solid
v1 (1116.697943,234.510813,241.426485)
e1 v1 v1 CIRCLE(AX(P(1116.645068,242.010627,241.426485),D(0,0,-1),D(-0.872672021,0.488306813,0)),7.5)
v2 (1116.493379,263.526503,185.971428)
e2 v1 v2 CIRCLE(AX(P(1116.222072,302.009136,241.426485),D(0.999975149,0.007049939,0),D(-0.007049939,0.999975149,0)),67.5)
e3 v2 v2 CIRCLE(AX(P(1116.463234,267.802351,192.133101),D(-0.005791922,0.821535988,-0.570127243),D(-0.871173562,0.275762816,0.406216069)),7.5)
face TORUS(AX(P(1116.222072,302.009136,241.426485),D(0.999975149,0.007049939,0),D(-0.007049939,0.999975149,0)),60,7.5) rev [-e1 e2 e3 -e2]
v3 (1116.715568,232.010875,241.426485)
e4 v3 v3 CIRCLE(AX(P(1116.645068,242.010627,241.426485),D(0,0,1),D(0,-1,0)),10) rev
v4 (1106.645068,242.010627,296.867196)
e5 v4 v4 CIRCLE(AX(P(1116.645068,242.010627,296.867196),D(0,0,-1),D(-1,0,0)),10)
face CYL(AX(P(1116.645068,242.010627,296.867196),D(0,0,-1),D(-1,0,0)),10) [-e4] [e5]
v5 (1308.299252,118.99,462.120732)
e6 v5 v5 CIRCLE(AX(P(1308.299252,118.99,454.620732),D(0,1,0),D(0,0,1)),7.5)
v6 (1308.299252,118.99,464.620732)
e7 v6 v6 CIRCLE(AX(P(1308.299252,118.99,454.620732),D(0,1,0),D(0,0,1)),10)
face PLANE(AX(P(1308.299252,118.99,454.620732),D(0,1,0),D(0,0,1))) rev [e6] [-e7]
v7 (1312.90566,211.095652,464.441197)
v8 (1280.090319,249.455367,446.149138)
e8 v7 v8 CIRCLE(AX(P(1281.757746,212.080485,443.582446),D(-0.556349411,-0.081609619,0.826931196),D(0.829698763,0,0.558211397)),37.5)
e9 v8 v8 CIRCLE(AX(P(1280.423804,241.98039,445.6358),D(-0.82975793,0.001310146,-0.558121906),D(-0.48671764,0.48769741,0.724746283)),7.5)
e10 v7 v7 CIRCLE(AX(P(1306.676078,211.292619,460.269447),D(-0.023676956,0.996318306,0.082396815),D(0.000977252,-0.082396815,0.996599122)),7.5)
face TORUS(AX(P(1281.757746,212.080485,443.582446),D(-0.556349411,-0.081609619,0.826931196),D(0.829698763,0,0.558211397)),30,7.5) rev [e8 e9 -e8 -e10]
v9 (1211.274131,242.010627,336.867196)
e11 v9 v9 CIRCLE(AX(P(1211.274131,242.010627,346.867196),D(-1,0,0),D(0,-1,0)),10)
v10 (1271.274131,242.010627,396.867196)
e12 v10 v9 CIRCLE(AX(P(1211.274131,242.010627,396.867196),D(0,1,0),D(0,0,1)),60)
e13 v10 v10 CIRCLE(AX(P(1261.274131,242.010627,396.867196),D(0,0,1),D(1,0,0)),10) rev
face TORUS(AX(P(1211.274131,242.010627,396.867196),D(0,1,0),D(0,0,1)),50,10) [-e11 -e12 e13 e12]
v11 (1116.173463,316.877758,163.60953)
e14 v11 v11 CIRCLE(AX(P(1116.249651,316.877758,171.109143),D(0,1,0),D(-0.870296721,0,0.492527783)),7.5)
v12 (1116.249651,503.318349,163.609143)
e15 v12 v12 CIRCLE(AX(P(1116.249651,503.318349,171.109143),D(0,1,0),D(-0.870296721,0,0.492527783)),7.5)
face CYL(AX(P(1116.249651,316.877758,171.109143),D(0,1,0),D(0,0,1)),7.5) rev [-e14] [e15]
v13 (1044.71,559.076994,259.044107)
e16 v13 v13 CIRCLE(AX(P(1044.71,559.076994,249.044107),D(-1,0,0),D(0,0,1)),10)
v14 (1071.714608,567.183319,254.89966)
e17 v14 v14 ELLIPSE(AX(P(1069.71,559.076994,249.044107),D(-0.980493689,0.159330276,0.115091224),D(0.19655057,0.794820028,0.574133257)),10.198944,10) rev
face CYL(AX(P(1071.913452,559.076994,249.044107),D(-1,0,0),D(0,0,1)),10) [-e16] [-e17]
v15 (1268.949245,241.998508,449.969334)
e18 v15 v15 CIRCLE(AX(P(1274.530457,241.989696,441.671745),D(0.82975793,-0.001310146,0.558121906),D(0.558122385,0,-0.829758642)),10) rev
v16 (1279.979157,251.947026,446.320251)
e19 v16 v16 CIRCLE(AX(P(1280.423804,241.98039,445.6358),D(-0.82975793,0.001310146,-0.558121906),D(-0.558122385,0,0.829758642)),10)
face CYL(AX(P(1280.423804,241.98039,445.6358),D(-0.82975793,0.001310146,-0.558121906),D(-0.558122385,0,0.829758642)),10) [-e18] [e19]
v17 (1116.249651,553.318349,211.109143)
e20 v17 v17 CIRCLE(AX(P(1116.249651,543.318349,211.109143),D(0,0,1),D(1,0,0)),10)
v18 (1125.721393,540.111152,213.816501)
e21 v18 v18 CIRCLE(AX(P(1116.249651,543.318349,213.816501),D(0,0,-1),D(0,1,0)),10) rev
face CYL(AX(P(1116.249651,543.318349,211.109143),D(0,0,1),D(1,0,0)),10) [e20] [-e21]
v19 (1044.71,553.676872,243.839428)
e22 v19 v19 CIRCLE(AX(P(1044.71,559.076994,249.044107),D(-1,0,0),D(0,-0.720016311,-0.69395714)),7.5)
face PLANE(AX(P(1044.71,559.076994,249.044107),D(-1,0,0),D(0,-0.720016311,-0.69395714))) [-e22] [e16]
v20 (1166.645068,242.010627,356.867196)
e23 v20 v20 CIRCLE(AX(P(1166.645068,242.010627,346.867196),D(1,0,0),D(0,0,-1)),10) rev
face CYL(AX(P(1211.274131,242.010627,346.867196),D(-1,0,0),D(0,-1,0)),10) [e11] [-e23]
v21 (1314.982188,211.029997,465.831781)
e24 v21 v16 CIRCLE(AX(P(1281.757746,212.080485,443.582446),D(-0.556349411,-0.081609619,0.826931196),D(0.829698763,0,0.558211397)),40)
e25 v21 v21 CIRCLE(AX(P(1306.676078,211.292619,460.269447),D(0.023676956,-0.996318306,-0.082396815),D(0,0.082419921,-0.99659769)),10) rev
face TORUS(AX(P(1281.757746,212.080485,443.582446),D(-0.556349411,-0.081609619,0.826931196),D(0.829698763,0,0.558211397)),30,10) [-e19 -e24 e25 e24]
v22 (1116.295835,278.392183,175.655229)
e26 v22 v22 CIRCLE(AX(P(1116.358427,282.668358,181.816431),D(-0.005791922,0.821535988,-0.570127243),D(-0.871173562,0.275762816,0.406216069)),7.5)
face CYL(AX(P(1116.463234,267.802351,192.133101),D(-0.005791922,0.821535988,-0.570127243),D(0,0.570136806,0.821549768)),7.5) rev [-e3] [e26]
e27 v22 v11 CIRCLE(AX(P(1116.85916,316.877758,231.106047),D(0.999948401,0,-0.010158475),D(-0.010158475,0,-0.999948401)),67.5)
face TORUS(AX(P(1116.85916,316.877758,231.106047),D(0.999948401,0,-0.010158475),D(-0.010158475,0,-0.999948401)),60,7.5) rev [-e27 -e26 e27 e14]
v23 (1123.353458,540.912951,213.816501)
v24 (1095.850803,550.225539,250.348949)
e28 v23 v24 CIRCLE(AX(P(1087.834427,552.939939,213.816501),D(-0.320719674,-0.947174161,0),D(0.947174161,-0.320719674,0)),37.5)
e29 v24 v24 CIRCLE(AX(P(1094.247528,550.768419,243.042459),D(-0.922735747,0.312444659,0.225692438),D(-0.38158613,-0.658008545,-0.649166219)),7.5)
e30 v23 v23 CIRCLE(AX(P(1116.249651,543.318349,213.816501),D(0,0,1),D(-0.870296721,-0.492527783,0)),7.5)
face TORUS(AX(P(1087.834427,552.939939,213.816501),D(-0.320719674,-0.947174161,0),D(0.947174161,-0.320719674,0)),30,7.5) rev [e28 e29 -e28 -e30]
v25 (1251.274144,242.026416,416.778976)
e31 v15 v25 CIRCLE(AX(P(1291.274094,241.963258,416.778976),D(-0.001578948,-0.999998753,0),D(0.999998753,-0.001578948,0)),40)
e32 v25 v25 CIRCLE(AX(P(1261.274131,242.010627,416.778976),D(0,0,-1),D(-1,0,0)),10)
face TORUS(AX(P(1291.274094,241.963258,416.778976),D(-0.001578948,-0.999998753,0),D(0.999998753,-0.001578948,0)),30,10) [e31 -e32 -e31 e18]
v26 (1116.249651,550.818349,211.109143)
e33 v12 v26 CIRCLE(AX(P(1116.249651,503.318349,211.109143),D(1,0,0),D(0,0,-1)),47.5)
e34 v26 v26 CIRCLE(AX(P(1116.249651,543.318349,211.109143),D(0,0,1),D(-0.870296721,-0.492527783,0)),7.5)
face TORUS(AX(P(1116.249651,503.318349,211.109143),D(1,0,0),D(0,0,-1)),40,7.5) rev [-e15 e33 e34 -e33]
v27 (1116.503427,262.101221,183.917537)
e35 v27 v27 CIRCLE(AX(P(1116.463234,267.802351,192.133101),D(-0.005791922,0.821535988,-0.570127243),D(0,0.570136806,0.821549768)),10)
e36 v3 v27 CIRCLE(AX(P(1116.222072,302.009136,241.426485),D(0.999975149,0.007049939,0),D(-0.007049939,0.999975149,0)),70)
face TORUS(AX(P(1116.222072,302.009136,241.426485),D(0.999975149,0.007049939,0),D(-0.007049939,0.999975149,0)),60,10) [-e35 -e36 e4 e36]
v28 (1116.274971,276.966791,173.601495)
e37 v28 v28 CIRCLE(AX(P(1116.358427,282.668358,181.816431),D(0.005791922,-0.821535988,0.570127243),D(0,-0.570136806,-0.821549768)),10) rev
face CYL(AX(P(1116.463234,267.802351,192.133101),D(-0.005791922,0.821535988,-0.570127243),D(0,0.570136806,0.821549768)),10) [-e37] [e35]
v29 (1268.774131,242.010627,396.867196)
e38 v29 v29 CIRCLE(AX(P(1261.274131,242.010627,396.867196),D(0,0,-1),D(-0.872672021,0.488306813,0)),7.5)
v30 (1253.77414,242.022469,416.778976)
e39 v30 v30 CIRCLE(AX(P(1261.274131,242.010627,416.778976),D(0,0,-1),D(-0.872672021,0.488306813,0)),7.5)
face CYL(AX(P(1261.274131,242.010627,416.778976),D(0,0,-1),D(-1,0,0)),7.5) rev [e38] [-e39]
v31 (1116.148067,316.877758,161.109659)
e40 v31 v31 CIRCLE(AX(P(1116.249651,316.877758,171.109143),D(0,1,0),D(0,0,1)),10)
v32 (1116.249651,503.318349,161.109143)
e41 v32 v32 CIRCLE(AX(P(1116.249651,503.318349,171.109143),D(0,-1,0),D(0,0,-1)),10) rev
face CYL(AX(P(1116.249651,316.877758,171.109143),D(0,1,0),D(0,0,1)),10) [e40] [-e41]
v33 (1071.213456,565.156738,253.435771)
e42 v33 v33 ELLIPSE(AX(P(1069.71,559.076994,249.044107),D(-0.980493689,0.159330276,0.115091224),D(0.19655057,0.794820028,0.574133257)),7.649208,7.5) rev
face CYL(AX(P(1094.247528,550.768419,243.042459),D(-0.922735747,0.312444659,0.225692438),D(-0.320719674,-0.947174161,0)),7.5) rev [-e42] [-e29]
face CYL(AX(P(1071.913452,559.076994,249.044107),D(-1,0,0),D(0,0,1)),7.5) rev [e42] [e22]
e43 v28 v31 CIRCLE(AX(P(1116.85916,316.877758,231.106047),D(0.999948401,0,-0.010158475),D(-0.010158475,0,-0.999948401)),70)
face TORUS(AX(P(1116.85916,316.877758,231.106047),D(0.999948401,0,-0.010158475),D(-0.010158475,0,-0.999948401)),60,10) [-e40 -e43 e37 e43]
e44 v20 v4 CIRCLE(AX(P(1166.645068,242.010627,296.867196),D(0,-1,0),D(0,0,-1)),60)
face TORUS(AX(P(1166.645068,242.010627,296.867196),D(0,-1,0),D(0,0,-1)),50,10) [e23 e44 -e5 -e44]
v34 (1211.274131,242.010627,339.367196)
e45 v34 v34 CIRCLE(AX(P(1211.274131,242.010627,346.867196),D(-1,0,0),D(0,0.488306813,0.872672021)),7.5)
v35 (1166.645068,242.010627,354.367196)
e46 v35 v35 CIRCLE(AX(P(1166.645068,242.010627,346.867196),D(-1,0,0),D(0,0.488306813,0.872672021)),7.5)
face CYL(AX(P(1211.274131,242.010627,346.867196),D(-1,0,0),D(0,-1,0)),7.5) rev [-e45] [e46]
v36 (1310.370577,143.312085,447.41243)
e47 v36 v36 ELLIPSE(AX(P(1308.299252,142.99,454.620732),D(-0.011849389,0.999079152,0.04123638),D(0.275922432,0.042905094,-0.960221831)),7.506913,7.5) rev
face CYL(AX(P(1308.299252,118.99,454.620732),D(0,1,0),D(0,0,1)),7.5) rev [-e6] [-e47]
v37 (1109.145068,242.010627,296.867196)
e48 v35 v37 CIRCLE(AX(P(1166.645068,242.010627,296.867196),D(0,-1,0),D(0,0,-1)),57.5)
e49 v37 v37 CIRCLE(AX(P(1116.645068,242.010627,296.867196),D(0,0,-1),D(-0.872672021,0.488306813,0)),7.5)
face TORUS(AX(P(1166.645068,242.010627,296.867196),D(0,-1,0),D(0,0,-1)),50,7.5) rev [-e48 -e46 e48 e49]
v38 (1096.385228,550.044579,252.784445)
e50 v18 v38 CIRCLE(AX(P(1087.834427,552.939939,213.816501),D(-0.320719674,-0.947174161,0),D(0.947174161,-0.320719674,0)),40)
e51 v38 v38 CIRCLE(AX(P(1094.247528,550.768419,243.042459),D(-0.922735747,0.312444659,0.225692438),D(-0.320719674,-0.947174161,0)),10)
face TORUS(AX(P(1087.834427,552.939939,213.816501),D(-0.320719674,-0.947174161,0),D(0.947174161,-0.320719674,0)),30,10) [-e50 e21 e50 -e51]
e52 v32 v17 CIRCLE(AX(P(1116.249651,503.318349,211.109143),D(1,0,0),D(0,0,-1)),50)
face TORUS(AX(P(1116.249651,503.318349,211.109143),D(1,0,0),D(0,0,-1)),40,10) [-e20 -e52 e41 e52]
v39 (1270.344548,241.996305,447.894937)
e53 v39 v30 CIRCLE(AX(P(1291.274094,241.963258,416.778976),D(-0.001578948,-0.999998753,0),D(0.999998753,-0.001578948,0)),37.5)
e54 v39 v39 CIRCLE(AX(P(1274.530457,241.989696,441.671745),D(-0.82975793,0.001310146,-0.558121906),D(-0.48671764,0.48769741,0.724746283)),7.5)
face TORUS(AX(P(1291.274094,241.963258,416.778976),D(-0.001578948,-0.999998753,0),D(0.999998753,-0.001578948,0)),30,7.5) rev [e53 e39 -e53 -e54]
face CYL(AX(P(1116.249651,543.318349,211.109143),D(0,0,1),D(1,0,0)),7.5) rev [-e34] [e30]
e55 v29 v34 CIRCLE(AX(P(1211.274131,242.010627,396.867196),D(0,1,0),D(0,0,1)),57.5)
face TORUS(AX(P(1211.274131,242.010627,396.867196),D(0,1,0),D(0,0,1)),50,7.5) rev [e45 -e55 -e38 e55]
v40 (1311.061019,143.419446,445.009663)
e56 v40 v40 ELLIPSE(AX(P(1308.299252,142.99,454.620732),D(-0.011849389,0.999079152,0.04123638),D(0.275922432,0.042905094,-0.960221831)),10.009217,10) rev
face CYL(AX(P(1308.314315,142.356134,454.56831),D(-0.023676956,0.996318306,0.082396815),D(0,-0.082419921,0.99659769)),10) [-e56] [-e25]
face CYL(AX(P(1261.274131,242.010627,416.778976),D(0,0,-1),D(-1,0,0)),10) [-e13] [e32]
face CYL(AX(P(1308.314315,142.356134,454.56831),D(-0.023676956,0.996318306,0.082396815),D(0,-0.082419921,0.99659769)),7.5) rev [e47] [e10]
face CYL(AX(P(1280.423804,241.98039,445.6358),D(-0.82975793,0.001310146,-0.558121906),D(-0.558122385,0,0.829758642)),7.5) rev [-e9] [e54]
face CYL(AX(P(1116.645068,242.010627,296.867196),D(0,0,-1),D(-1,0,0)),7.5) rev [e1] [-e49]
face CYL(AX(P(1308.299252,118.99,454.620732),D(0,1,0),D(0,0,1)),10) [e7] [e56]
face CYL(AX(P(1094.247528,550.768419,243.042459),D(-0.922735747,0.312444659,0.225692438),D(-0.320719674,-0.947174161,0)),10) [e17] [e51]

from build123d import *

# Parameters (mm, degrees)
WYCI_GNI_CIE_PO_CIE_CE_CIENKA_CIAN_2_R   = 10
WYCI_GNI_CIE_PO_CIE_CE_CIENKA_CIAN_2_R_2 = 7.5


with BuildPart() as part:
    # Wyci_gni_cie po _cie_ce-Cienka _cianka1: sweep along a curve in space
    with BuildLine() as wyci_gni_cie_po_cie_ce_cienka_cianka1_path:
        Line((1044.71, 559.076994309, 249.044106753), (1069.71, 559.076994309, 249.044106753))
        Line((1069.71, 559.076994309, 249.044106753), (1094.247528015, 550.768418853, 243.042459439))
        ThreePointArc((1116.249651475, 543.318348786, 213.816501266), (1110.079141966, 545.407725672, 232.483006106), (1094.247528015, 550.768418853, 243.042459439))
        Line((1116.249651475, 543.318348786, 213.816501266), (1116.249651475, 543.318348786, 211.109143016))
        ThreePointArc((1116.249651475, 543.318348786, 211.109143016), (1116.249651475, 531.602620034, 182.824871768), (1116.249651475, 503.318348786, 171.109143016))
        Line((1116.249651475, 503.318348786, 171.109143016), (1116.249651475, 316.877757738, 171.109143016))
        ThreePointArc((1116.249651475, 316.877757738, 171.109143016), (1116.277480624, 298.954721694, 173.848502371), (1116.358426807, 282.668357982, 181.816431207))
        Line((1116.358426807, 282.668357982, 181.816431207), (1116.463233846, 267.802351295, 192.133100875))
        ThreePointArc((1116.463233846, 267.802351295, 192.133100875), (1116.596863, 248.848167314, 213.609746287), (1116.645068439, 242.010626862, 241.426485169))
        Line((1116.645068439, 242.010626862, 241.426485169), (1116.645068439, 242.010626862, 296.867195517))
        ThreePointArc((1116.645068439, 242.010626862, 296.867195517), (1131.289729379, 242.010626862, 332.222534576), (1166.645068439, 242.010626862, 346.867195517))
        Line((1166.645068439, 242.010626862, 346.867195517), (1211.274131128, 242.010626862, 346.867195517))
        ThreePointArc((1211.274131128, 242.010626862, 346.867195517), (1246.629470187, 242.010626862, 361.511856457), (1261.274131128, 242.010626862, 396.867195517))
        Line((1261.274131128, 242.010626862, 396.867195517), (1261.274131128, 242.010626862, 416.778975796))
        ThreePointArc((1261.274131128, 242.010626862, 416.778975796), (1264.794797868, 242.005067906, 430.88022193), (1274.530457438, 241.989695787, 441.67174472))
        Line((1274.530457438, 241.989695787, 441.67174472), (1280.423804228, 241.980390487, 445.635799564))
        ThreePointArc((1280.423804228, 241.980390487, 445.635799564), (1298.647190265, 232.928434323, 457.002940429), (1306.67607752, 211.292618973, 460.269446831))
        Line((1306.67607752, 211.292618973, 460.269446831), (1308.299251629, 142.99, 454.620731707))
        Line((1308.299251629, 118.99, 454.620731707), (1308.299251629, 142.99, 454.620731707))
    # Wyci_gni_cie po _cie_ce-Cienka _cian 2 (on start of the path) → Wyci_gni_cie po _cie_ce-Cienka _cianka1 (sweep)
    with BuildSketch(Plane(origin=(1044.71, 559.076994309, 249.044106753), x_dir=(0, 0, 1), z_dir=(1, 0, 0))):
        Circle(WYCI_GNI_CIE_PO_CIE_CE_CIENKA_CIAN_2_R)
        Circle(WYCI_GNI_CIE_PO_CIE_CE_CIENKA_CIAN_2_R_2, mode=Mode.SUBTRACT)
    sweep(path=wyci_gni_cie_po_cie_ce_cienka_cianka1_path.line, transition=Transition.RIGHT)


solid = part.part
